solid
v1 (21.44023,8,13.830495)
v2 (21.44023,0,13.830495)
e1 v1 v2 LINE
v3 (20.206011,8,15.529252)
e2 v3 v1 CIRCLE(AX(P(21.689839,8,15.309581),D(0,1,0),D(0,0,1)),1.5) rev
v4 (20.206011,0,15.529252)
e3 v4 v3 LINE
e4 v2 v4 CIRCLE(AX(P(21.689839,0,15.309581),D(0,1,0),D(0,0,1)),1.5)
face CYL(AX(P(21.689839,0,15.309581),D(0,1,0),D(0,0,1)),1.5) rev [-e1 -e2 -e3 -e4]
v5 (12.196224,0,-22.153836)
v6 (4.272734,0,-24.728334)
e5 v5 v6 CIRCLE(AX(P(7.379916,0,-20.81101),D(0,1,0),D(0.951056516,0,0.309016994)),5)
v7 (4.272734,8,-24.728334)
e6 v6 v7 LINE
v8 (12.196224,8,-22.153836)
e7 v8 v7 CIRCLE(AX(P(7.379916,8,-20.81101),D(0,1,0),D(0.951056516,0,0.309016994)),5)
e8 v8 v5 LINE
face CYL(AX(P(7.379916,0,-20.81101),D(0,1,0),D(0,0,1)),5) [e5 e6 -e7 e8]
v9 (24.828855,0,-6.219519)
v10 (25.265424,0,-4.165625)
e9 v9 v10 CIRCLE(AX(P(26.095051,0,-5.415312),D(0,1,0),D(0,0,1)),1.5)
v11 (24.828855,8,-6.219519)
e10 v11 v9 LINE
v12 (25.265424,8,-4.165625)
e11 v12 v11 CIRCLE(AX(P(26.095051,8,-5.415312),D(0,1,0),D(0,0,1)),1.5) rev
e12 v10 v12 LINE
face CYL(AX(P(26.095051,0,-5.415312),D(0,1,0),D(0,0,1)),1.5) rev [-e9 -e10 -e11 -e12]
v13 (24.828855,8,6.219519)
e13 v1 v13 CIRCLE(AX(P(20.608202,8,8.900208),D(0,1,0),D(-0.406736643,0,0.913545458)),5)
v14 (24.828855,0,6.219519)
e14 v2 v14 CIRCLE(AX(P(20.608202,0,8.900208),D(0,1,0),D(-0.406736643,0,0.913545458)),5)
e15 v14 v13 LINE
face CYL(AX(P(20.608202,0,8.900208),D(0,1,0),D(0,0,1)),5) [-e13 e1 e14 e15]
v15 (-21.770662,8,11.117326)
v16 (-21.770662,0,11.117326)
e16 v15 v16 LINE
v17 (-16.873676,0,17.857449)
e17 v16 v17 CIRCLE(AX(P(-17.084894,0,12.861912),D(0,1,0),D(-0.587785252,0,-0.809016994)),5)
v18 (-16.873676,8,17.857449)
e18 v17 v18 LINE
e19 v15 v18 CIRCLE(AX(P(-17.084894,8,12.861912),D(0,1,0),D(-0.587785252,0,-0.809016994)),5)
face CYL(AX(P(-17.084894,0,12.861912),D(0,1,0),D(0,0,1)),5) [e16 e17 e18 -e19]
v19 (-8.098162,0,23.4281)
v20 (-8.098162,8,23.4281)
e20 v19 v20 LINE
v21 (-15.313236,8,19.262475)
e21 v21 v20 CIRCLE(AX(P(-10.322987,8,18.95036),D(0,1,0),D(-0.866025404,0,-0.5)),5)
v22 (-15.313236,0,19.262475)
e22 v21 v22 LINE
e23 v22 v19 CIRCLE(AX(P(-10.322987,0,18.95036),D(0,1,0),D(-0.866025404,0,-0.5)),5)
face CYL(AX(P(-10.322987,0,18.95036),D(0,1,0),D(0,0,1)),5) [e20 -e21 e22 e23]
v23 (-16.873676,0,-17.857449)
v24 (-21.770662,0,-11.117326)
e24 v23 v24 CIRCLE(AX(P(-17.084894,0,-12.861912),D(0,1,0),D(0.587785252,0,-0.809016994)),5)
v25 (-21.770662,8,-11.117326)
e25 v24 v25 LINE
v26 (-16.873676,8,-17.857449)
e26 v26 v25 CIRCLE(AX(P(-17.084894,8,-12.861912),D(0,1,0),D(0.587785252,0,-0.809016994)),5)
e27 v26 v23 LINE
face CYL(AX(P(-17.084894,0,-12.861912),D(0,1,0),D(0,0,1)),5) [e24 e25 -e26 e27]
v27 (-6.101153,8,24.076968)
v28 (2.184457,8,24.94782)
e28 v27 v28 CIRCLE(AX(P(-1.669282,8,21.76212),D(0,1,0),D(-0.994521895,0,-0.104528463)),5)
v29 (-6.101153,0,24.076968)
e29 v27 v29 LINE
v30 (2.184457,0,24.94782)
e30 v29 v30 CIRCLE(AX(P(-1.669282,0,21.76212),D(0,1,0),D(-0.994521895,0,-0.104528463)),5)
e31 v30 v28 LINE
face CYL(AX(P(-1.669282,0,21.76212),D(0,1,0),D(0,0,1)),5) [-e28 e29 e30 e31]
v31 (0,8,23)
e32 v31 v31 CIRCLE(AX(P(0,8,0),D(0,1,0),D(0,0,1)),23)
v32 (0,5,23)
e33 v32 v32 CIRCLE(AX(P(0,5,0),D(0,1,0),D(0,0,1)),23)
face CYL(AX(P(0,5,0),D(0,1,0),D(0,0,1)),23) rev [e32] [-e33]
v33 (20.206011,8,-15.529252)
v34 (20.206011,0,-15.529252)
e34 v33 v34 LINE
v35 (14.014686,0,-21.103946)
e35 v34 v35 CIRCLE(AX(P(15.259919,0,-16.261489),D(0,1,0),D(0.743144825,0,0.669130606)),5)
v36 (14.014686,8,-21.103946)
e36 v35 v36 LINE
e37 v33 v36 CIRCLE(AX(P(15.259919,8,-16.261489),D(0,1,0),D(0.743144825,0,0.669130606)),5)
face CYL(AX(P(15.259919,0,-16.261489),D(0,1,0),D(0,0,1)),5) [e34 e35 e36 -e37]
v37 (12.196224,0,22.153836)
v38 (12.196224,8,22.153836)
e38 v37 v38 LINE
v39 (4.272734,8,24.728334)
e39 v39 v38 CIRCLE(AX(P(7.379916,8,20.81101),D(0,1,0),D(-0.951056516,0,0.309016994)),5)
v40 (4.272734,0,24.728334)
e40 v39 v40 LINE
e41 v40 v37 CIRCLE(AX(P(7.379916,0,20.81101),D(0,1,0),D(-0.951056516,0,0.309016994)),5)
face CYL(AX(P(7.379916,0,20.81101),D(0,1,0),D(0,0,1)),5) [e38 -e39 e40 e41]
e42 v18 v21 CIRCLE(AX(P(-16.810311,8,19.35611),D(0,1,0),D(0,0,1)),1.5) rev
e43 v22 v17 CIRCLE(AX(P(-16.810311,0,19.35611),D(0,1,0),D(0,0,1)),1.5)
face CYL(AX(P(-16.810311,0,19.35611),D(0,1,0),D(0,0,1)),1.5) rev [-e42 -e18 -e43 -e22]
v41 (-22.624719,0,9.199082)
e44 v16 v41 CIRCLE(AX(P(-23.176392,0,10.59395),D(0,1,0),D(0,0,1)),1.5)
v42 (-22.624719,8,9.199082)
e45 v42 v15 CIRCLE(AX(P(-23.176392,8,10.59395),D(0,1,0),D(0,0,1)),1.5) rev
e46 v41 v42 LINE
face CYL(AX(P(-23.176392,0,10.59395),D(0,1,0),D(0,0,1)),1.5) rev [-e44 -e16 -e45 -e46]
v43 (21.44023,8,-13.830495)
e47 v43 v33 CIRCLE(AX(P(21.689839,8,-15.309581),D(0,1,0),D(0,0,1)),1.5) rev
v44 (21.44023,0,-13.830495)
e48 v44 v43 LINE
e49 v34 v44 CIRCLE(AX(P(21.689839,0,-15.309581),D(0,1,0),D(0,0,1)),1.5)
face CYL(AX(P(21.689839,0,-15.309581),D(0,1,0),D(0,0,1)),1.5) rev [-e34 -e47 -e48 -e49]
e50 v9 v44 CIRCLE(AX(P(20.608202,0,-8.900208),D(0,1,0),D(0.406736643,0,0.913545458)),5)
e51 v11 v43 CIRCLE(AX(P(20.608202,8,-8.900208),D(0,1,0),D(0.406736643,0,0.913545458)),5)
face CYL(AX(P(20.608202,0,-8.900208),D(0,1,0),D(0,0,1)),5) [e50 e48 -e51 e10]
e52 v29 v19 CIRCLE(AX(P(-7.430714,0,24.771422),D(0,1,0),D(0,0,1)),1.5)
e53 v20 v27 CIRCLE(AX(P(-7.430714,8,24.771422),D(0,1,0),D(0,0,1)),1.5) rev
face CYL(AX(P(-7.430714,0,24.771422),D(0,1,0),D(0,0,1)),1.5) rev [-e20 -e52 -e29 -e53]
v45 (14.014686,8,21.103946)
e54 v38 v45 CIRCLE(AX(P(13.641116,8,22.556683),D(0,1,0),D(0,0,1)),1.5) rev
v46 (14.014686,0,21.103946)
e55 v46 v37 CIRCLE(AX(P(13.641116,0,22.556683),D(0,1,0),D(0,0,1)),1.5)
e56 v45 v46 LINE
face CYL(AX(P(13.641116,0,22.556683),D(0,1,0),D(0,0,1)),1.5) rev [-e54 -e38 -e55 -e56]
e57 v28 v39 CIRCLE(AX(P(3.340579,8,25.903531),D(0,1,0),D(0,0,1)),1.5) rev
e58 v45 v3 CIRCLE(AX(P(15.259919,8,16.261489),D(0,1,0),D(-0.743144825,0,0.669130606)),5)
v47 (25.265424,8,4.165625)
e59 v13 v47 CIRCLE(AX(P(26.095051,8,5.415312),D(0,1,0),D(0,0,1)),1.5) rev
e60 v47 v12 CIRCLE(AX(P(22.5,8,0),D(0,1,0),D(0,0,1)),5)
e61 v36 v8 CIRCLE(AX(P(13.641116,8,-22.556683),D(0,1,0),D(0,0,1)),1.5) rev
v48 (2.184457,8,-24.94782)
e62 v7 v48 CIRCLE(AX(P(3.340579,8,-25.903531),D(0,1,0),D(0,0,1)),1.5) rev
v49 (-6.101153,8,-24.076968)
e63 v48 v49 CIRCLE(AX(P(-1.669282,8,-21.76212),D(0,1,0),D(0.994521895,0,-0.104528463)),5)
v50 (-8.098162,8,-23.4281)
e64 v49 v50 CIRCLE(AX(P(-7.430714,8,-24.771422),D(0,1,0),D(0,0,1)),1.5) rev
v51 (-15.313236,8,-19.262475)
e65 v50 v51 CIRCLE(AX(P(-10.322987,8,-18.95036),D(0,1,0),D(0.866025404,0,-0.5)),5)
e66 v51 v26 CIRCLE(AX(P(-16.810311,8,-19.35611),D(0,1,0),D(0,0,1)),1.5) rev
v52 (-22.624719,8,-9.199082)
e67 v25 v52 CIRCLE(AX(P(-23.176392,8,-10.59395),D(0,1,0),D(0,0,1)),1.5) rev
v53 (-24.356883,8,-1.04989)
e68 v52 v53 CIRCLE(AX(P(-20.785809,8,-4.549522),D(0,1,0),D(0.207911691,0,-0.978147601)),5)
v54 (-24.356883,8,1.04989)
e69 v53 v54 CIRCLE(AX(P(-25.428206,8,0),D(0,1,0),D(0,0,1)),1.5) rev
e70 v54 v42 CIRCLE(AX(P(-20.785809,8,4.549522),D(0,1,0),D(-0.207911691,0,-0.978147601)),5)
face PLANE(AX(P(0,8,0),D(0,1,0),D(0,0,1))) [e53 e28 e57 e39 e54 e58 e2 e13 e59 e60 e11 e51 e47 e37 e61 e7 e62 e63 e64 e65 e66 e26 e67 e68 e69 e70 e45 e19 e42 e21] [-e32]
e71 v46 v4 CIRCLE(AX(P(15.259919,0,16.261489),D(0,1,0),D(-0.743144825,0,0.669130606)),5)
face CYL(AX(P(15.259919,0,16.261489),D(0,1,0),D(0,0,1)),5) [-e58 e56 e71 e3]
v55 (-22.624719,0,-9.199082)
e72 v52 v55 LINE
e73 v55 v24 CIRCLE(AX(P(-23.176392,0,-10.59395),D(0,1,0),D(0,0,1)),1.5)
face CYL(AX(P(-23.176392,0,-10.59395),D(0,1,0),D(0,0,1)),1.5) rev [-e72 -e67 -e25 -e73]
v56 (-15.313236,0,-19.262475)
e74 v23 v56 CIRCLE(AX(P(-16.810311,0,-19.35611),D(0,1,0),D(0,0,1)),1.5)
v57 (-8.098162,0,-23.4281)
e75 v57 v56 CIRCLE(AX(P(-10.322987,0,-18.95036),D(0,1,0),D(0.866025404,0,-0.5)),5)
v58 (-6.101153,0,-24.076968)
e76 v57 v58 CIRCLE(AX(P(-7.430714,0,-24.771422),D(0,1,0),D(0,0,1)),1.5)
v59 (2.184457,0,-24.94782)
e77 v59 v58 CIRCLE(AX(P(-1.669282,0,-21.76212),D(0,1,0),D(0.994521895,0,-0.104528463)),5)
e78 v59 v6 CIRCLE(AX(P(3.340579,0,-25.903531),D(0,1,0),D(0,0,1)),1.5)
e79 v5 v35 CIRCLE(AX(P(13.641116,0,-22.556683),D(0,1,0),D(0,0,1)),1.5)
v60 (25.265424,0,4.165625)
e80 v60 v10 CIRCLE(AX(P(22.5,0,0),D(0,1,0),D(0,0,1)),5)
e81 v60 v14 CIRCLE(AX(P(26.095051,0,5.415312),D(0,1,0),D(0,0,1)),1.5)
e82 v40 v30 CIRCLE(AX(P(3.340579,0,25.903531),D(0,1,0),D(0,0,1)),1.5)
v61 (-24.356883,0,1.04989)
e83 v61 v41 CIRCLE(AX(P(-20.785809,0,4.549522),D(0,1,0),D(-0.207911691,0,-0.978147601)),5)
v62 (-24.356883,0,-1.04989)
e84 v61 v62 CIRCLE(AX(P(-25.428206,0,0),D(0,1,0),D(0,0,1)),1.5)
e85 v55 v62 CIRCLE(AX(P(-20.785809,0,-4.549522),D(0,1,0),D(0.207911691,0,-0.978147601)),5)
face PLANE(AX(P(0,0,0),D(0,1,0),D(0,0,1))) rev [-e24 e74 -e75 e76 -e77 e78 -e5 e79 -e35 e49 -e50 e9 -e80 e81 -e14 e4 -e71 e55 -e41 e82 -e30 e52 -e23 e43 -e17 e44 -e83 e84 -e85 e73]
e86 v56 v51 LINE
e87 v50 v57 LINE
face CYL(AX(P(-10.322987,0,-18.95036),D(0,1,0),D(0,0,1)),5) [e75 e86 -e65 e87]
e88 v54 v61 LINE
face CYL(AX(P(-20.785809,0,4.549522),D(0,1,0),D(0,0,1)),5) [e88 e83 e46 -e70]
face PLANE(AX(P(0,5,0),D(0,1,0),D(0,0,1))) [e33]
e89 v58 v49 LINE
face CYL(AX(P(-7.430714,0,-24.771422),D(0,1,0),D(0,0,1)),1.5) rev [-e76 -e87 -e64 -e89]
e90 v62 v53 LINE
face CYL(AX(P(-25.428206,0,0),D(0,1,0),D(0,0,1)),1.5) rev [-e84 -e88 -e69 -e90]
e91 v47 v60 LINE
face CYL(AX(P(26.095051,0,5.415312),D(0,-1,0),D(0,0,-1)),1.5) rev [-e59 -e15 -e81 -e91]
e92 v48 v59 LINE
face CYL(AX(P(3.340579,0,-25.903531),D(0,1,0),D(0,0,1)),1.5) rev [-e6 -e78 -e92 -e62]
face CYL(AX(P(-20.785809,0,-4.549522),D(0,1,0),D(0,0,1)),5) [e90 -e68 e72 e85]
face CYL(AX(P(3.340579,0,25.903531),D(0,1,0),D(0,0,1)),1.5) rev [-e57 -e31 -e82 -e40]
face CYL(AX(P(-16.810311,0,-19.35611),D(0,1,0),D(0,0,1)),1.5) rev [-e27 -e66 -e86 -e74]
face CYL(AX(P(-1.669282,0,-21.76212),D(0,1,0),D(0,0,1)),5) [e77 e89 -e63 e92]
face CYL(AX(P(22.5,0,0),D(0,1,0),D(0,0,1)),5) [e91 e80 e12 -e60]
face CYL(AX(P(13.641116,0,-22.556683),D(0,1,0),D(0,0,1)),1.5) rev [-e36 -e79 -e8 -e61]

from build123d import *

# Parameters (mm, degrees)
SKETCH_1_R               = 22.5
EXTRUDE_1_DEPTH          = 8
SKETCH_3_R               = 5
EXTRUDE_3_DEPTH          = 8
PATTERN_CIRCULAR_1_COUNT = 15
FILLET_1_R               = 1.5
SKETCH_6_R               = 23
CUT_EXTRUDE_1_DEPTH      = 3


with BuildPart() as part:
    # 草图1 → 凸台-拉伸1 (new body)
    with BuildSketch(Plane(origin=(0, 0, 0), x_dir=(1, 0, 0), z_dir=(0, 1, 0))):
        with Locations(Location((0, 0, 0), (0, 0, 270))):
            Circle(SKETCH_1_R)
    extrude(amount=EXTRUDE_1_DEPTH)

    # 草图3 → 凸台-拉伸3 (add)
    with BuildSketch(Plane(origin=(0, 8, 0), x_dir=(1, 0, 0), z_dir=(0, 1, 0))):
        with Locations((22.5, 0)):
            Circle(SKETCH_3_R)
    extrude_3 = extrude(amount=-EXTRUDE_3_DEPTH)

    # 阵列(圆周)1: 凸台-拉伸3 ×15 about axis
    pattern_circular_1_axis = Axis((0.618008615, 0, 0), (0, 1, 0))
    for i in range(1, PATTERN_CIRCULAR_1_COUNT):
        add(extrude_3.rotate(pattern_circular_1_axis, i * 360 / PATTERN_CIRCULAR_1_COUNT))

    # 圆角1
    fillet_1_edges = [part.edges().sort_by_distance(p)[0] for p in [
        (23.58286781, 4, 4.88133151),
        (23.58286781, 4, -4.88133151),
        (19.612035026, 4, -13.799967965),
        (12.35696252, 4, -20.332464591),
        (3.072118239, 4, -23.349293374),
        (-6.637063891, 4, -22.328817212),
        (-15.091778074, 4, -17.447485702),
        (-20.83012742, 4, -9.549325409),
        (-22.859899195, 4, 0),
        (-20.83012742, 4, 9.549325409),
        (-15.091778074, 4, 17.447485702),
        (-6.637063891, 4, 22.328817212),
        (3.072118239, 4, 23.349293374),
        (12.35696252, 4, 20.332464591),
        (19.612035026, 4, 13.799967965),
    ]]
    fillet(fillet_1_edges, radius=FILLET_1_R)

    # 草图6 → 切除-拉伸1 (cut)
    with BuildSketch(Plane(origin=(0, 8, 0), x_dir=(1, 0, 0), z_dir=(0, 1, 0))):
        with Locations(Location((0, 0, 0), (0, 0, 270))):
            Circle(SKETCH_6_R)
    extrude(amount=-CUT_EXTRUDE_1_DEPTH, mode=Mode.SUBTRACT)


solid = part.part
